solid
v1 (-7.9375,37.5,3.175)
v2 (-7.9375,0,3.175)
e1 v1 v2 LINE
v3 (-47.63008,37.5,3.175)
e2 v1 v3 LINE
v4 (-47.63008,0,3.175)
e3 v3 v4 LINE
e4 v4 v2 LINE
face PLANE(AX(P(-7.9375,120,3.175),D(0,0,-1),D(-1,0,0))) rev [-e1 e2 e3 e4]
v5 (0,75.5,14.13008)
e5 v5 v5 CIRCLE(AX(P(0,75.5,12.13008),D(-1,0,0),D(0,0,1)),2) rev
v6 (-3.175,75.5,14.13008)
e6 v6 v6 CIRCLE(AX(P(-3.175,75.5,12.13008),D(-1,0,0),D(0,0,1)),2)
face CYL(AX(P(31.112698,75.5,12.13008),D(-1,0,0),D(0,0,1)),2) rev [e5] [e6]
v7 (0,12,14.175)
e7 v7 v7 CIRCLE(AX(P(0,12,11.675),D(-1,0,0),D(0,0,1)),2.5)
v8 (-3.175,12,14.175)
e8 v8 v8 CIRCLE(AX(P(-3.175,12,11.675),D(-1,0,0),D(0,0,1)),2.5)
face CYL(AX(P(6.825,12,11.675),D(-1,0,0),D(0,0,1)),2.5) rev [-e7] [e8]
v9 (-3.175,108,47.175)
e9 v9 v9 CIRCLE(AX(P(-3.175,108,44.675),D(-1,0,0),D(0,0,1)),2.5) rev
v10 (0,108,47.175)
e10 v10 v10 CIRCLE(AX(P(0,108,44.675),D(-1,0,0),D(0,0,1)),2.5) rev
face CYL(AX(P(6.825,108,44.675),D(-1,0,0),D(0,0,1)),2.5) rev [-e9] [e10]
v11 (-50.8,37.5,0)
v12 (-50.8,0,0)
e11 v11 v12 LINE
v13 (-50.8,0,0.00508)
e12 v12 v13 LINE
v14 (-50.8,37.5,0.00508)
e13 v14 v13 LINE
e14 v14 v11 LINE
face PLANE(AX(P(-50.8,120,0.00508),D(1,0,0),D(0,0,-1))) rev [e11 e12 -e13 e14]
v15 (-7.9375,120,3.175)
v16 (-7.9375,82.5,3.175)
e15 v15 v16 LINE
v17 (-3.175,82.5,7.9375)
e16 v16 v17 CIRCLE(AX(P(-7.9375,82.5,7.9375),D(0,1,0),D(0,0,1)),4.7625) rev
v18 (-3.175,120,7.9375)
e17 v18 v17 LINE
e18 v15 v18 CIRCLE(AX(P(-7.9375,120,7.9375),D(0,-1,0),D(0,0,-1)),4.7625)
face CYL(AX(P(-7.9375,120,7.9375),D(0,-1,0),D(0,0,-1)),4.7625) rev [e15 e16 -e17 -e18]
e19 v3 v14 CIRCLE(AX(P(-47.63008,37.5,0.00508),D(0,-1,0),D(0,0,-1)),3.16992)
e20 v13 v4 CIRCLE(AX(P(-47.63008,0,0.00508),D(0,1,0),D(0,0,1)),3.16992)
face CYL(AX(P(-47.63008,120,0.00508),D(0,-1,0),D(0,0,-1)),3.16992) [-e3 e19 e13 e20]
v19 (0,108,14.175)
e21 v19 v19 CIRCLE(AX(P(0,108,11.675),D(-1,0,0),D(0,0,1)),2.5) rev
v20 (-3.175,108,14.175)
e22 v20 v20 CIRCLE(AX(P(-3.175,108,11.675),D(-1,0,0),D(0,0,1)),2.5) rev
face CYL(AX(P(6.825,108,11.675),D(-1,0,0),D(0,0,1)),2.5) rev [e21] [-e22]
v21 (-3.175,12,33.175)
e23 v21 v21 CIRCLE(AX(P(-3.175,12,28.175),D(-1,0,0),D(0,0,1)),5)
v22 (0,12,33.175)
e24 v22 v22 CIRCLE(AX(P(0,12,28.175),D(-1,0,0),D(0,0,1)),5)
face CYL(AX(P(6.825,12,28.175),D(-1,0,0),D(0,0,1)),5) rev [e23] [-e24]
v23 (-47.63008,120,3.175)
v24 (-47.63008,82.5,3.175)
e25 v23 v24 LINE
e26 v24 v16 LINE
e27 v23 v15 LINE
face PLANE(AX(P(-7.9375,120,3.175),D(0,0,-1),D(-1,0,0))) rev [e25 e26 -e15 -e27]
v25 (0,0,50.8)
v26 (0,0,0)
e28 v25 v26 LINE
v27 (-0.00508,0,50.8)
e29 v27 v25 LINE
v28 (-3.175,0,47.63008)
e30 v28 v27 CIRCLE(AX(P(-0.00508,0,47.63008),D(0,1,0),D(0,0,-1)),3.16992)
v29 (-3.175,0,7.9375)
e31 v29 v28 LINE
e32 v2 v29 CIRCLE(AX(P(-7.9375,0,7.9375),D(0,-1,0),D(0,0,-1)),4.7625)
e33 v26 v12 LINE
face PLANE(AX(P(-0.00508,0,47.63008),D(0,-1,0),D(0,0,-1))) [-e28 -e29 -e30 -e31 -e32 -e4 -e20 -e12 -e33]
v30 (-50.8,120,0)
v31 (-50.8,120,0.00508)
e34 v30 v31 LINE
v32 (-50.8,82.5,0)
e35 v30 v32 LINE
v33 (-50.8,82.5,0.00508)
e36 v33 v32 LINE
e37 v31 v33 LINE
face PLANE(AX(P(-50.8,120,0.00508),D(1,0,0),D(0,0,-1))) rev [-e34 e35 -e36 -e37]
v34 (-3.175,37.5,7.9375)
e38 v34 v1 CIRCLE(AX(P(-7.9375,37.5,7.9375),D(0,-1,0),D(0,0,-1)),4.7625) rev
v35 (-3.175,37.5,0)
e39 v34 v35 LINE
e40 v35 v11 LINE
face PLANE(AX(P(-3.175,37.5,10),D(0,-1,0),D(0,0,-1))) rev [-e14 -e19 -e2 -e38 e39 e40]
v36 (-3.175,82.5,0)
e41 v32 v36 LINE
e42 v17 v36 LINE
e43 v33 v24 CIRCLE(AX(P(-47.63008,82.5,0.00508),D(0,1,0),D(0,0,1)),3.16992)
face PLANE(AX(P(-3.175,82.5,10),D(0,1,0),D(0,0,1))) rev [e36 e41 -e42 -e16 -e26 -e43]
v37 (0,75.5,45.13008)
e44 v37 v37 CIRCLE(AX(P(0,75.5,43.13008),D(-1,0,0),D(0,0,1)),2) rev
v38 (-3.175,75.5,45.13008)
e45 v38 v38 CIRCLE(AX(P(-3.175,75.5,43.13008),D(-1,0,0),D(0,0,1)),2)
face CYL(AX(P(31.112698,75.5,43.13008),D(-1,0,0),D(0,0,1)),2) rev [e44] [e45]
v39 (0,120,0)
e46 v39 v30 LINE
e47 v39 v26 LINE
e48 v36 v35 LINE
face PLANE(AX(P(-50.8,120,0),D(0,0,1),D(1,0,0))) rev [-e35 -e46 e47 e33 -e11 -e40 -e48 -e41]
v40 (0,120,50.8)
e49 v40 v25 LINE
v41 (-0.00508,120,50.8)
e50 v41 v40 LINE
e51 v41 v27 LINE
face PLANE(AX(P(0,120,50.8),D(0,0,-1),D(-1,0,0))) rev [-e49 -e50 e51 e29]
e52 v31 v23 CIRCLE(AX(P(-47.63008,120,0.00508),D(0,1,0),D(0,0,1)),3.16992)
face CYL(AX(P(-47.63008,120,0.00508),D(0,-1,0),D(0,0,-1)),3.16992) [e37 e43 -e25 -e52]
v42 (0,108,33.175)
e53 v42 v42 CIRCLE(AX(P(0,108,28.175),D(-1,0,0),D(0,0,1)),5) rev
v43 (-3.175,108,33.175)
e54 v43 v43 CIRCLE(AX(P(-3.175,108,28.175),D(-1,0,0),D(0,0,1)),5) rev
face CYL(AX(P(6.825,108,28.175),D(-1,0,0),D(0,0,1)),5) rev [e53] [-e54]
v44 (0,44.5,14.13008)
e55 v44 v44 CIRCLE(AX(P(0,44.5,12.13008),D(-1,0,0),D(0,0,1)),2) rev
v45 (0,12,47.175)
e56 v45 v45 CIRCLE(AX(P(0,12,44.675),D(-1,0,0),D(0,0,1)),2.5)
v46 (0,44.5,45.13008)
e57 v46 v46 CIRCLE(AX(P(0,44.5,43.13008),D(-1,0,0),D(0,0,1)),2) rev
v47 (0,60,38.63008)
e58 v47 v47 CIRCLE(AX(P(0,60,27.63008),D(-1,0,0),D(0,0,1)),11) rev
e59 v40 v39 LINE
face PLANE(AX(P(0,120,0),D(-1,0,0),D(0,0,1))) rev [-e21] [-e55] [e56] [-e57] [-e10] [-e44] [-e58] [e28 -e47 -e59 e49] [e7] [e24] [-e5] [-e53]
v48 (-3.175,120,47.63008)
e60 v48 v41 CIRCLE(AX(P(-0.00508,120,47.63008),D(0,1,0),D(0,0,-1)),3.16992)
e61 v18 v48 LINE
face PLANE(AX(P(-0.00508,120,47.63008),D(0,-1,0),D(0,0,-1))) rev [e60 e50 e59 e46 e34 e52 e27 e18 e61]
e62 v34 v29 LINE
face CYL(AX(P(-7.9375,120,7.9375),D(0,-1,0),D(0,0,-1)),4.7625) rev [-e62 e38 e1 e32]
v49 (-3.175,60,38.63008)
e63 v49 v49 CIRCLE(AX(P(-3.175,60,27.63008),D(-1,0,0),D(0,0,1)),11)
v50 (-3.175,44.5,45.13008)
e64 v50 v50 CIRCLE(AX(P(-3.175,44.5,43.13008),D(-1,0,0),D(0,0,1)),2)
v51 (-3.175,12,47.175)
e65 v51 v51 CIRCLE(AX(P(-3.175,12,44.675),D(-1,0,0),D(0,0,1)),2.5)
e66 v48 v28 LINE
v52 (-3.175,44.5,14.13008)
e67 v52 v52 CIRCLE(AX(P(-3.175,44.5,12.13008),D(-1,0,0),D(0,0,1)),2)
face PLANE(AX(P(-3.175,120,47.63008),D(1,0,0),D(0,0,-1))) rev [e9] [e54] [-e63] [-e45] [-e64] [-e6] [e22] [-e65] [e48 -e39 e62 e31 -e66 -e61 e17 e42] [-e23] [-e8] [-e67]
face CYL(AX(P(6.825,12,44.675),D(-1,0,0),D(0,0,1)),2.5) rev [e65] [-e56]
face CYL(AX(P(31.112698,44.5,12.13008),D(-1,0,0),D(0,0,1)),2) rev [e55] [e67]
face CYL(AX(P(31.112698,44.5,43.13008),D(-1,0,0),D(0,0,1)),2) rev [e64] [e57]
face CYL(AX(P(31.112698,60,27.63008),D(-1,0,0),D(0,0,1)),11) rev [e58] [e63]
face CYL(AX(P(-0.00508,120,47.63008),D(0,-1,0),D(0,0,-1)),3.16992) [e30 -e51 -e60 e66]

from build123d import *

# Parameters (mm, degrees)
HIERRO_ANGULAR_2_X_2_X_0_125_1_DEPTH = 120
CROQUIS3_W                           = 47.625
CROQUIS3_H                           = 45
CORTAR_EXTRUIR1_DEPTH                = 10
CROQUIS4_R                           = 5
CROQUIS4_R_2                         = 2.5
CORTAR_EXTRUIR2_DEPTH                = 10
CROQUIS5_R                           = 2
CROQUIS5_R_2                         = 11
CORTAR_EXTRUIR3_DEPTH                = 3.175


with BuildPart() as part:
    # Sketch1 → Hierro angular 2 X 2 X 0.125(1) (new body)
    with BuildSketch(Plane(origin=(0, 0, 0), x_dir=(-1, 0, 0), z_dir=(0, 1, 0))):
        with BuildLine():
            Line((0, 0), (0, 50.8))
            Line((0, 50.8), (0.00508, 50.8))
            ThreePointArc((0.00508, 50.8), (2.246551928, 49.871551928), (3.175, 47.63008))
            Line((3.175, 47.63008), (3.175, 7.9375))
            ThreePointArc((3.175, 7.9375), (4.569903955, 4.569903955), (7.9375, 3.175))
            Line((7.9375, 3.175), (47.63008, 3.175))
            ThreePointArc((47.63008, 3.175), (49.871551928, 2.246551928), (50.8, 0.00508))
            Line((50.8, 0.00508), (50.8, 0))
            Line((50.8, 0), (0, 0))
        make_face()
    extrude(amount=HIERRO_ANGULAR_2_X_2_X_0_125_1_DEPTH)

    # Croquis3 → Cortar-Extruir1 (cut)
    with BuildSketch(Plane(origin=(0, 0, 0), x_dir=(-1, 0, 0), z_dir=(0, 0, -1))):
        with Locations((26.9875, 60)):
            Rectangle(CROQUIS3_W, CROQUIS3_H)
    extrude(amount=-CORTAR_EXTRUIR1_DEPTH, mode=Mode.SUBTRACT)

    # Croquis4 → Cortar-Extruir2 (cut)
    with BuildSketch(Plane.ZY.offset(3.175)):
        with Locations((28.175, 12)):
            Circle(CROQUIS4_R)
        with Locations((11.675, 12)):
            Circle(CROQUIS4_R_2)
        with Locations((44.675, 12)):
            Circle(CROQUIS4_R_2)
        with Locations((44.675, 108)):
            Circle(CROQUIS4_R_2)
        with Locations((28.175, 108)):
            Circle(CROQUIS4_R)
        with Locations((11.675, 108)):
            Circle(CROQUIS4_R_2)
    extrude(amount=-CORTAR_EXTRUIR2_DEPTH, mode=Mode.SUBTRACT)

    # Croquis5 → Cortar-Extruir3 (cut)
    with BuildSketch(Plane.ZY.offset(3.175)):
        with Locations((43.13008, 75.5)):
            Circle(CROQUIS5_R)
        with Locations((43.13008, 44.5)):
            Circle(CROQUIS5_R)
        with Locations((12.13008, 44.5)):
            Circle(CROQUIS5_R)
        with Locations((12.13008, 75.5)):
            Circle(CROQUIS5_R)
        with Locations((27.63008, 60)):
            Circle(CROQUIS5_R_2)
    extrude(amount=-CORTAR_EXTRUIR3_DEPTH, mode=Mode.SUBTRACT)


solid = part.part
